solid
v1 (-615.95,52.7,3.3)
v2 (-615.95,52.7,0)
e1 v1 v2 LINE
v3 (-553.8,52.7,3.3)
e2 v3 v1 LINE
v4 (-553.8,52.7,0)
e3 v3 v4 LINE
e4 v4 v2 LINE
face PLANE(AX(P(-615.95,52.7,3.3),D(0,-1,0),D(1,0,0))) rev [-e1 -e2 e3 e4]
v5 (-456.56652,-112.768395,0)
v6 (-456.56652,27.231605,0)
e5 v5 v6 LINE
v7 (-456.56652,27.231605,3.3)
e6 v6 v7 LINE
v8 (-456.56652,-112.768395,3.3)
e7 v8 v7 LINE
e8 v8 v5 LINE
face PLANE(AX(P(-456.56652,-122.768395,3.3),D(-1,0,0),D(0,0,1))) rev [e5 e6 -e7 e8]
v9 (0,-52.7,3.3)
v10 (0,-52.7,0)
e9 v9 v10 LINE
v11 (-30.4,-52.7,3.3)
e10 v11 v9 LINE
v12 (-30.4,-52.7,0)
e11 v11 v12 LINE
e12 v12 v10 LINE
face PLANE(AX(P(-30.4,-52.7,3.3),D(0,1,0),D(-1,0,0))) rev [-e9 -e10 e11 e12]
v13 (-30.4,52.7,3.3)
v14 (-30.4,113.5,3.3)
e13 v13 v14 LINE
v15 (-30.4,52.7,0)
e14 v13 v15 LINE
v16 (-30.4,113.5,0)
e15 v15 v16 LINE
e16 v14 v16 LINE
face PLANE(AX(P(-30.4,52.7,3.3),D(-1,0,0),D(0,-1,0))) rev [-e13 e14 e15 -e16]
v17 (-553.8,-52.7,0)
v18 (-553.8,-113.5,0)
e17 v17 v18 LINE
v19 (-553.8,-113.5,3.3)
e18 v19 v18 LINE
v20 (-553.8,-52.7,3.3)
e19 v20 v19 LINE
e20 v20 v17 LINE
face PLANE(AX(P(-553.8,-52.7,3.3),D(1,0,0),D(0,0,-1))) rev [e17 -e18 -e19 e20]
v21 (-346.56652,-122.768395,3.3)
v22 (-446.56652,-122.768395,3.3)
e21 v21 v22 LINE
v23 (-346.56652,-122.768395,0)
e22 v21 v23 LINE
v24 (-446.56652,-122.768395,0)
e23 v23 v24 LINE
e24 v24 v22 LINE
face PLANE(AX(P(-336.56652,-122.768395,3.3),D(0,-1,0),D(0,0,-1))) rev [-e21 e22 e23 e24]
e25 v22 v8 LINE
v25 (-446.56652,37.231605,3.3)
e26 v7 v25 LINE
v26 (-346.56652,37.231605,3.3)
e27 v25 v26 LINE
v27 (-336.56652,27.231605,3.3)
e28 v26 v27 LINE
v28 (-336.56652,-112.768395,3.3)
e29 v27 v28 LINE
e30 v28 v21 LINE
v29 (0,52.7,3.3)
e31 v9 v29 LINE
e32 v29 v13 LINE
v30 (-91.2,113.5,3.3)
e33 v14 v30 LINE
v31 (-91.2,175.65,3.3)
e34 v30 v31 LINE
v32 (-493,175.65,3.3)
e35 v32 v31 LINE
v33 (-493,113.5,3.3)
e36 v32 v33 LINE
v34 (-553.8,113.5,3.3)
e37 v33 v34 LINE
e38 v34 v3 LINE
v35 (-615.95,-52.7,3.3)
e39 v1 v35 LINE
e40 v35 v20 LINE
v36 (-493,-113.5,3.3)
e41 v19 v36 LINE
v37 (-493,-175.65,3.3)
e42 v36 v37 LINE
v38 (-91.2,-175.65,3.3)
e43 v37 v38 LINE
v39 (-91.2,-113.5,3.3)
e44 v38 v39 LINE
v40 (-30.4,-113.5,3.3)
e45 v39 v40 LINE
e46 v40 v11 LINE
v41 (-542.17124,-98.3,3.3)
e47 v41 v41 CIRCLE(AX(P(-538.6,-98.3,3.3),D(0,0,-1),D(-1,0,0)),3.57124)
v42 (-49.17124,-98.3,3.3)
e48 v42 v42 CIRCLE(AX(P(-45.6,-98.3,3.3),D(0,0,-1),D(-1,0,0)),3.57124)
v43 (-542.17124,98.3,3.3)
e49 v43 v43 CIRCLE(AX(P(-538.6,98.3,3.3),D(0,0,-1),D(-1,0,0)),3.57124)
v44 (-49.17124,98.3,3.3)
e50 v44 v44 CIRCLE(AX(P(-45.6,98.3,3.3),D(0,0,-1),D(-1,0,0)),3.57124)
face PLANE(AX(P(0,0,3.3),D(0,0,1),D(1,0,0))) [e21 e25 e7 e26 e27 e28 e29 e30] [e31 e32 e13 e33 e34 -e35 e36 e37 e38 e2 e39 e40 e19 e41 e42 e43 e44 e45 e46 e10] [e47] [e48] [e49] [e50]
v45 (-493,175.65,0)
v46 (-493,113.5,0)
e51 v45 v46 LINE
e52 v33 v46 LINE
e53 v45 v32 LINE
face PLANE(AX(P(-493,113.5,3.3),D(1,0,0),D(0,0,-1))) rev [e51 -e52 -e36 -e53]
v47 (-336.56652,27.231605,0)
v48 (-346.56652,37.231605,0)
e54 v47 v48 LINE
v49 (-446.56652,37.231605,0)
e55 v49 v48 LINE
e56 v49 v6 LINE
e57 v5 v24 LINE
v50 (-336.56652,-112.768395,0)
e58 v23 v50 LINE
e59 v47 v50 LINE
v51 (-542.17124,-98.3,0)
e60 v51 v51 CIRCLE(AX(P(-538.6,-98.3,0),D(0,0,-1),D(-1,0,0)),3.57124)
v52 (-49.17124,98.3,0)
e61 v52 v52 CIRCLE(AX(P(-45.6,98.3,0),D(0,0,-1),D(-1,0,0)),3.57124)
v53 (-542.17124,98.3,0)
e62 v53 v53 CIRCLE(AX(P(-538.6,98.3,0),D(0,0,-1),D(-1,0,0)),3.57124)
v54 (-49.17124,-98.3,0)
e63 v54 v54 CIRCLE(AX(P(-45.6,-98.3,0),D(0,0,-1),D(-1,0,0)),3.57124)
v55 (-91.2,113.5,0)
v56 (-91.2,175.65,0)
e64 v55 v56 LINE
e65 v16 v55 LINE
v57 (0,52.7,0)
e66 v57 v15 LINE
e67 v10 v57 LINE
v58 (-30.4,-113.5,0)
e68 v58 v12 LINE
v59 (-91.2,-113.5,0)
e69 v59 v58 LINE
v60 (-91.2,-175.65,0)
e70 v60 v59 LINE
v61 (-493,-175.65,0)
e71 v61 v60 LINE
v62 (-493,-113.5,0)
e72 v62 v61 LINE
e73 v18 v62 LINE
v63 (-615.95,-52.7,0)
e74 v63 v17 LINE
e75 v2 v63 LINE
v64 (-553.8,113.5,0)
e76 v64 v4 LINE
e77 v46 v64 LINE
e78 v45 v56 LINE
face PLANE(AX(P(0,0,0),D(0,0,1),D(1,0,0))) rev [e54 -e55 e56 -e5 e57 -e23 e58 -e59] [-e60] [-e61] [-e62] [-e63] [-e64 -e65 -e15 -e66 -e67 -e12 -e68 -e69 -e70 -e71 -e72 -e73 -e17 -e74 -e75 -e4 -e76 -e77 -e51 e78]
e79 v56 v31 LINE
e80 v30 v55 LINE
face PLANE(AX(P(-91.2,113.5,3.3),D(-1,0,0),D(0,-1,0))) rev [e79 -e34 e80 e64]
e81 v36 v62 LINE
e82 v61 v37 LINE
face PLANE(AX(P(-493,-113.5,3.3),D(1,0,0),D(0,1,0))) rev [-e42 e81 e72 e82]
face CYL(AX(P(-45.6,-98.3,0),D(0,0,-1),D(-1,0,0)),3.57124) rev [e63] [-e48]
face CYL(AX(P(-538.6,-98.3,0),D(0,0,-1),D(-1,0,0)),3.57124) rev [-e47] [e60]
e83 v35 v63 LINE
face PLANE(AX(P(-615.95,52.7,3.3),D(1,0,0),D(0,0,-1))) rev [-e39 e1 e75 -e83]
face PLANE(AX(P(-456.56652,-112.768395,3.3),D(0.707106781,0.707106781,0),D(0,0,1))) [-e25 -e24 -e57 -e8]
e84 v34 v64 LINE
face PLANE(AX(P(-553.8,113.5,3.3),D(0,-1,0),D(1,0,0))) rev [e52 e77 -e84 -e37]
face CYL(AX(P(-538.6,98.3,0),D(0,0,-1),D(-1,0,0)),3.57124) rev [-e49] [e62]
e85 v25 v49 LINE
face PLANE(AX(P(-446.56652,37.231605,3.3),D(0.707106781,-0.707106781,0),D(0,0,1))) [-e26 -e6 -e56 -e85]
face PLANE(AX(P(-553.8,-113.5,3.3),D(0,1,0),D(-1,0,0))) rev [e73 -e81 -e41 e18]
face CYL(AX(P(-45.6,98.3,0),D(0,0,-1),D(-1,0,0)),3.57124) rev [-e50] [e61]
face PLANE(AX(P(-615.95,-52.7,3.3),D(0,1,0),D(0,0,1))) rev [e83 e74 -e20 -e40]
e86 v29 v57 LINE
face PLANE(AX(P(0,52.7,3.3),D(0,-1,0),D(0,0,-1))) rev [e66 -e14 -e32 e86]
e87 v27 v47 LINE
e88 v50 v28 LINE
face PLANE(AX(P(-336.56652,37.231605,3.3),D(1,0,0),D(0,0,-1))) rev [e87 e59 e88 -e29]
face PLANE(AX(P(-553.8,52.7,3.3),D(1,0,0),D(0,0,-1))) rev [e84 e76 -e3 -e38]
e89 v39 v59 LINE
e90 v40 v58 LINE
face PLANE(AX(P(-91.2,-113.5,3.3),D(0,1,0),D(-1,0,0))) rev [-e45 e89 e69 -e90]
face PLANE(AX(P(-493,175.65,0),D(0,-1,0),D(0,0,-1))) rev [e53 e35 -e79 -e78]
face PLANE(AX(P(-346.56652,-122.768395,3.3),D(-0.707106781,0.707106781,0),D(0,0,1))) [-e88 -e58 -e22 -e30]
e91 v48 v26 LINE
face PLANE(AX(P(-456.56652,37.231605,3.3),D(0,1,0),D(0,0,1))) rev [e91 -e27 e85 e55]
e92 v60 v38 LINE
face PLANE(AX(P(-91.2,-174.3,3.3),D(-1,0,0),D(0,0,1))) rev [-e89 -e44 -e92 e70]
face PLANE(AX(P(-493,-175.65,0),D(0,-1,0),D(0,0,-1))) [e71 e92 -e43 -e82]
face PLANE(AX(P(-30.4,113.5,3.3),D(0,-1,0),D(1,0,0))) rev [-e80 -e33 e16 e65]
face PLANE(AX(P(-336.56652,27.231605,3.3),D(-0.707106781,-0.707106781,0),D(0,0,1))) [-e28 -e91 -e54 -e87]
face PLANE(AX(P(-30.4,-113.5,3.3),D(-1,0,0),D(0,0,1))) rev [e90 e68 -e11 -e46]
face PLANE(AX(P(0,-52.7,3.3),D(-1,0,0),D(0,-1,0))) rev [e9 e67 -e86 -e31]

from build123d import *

# Parameters (mm, degrees)
BOSS_EXTRU_1_DEPTH      = 3.3
ESQUISSE2_W             = 401.8
ESQUISSE2_H             = 6.35
ENL_V_MAT_EXTRU_1_DEPTH = 643.284432709
D_GAGEMENT_1_41_D       = 7.14248
ESQUISSE5_W             = 401.8
ESQUISSE5_H             = 1.35
BOSS_EXTRU_2_DEPTH      = 3.3
ESQUISSE6_W             = 120
ESQUISSE6_H             = 160
ENL_V_MAT_EXTRU_2_DEPTH = 641.514024046
CHANFREIN1_SIZE         = 10


with BuildPart() as part:
    # Esquisse1 → Boss.-Extru.1 (new body)
    with BuildSketch(Plane.XY):
        Polygon((-615.95, 52.7), (-615.95, -52.7), (-553.8, -52.7), (-553.8, -113.5), (-493, -113.5), (-493, -174.3), (-91.2, -174.3), (-91.2, -113.5), (-30.4, -113.5), (-30.4, -52.7), (0, -52.7), (0, 52.7), (-30.4, 52.7), (-30.4, 113.5), (-91.2, 113.5), (-91.2, 182), (-493, 182), (-493, 113.5), (-553.8, 113.5), (-553.8, 52.7), align=None)
    extrude(amount=BOSS_EXTRU_1_DEPTH)

    # Esquisse2 → Enlèv. mat.-Extru.1 (cut, through all)
    with BuildSketch(Plane.XY.offset(3.3)):
        with Locations((-292.1, 178.825)):
            Rectangle(ESQUISSE2_W, ESQUISSE2_H)
    extrude(amount=-ENL_V_MAT_EXTRU_1_DEPTH, mode=Mode.SUBTRACT)

    # Dégagement 1/41 (through all)
    with Locations(Plane(origin=(0, 0, 0), x_dir=(-1, 0, 0), z_dir=(0, 0, -1))):
        with Locations((45.6, 98.3), (45.6, -98.3), (538.6, -98.3), (538.6, 98.3)):
            Hole(D_GAGEMENT_1_41_D / 2)

    # Esquisse5 → Boss.-Extru.2 (add, through all)
    with BuildSketch(Plane.XY.offset(3.3)):
        with Locations((-292.1, -174.975)):
            Rectangle(ESQUISSE5_W, ESQUISSE5_H)
    extrude(amount=-BOSS_EXTRU_2_DEPTH)

    # Esquisse6 → Enlèv. mat.-Extru.2 (cut, through all)
    with BuildSketch(Plane(origin=(0, 0, 0), x_dir=(-1, 0, 0), z_dir=(0, 0, -1))):
        with Locations((396.566519887, -42.768394731)):
            Rectangle(ESQUISSE6_W, ESQUISSE6_H)
    extrude(amount=-ENL_V_MAT_EXTRU_2_DEPTH, mode=Mode.SUBTRACT)

    # Chanfrein1
    chanfrein1_edges = [part.edges().sort_by_distance(p)[0] for p in [
        (-336.566519887, -122.768394731, 1.65),
        (-336.566519887, 37.231605269, 1.65),
        (-456.566519887, 37.231605269, 1.65),
        (-456.566519887, -122.768394731, 1.65),
    ]]
    chamfer(chanfrein1_edges, length=CHANFREIN1_SIZE)


solid = part.part
